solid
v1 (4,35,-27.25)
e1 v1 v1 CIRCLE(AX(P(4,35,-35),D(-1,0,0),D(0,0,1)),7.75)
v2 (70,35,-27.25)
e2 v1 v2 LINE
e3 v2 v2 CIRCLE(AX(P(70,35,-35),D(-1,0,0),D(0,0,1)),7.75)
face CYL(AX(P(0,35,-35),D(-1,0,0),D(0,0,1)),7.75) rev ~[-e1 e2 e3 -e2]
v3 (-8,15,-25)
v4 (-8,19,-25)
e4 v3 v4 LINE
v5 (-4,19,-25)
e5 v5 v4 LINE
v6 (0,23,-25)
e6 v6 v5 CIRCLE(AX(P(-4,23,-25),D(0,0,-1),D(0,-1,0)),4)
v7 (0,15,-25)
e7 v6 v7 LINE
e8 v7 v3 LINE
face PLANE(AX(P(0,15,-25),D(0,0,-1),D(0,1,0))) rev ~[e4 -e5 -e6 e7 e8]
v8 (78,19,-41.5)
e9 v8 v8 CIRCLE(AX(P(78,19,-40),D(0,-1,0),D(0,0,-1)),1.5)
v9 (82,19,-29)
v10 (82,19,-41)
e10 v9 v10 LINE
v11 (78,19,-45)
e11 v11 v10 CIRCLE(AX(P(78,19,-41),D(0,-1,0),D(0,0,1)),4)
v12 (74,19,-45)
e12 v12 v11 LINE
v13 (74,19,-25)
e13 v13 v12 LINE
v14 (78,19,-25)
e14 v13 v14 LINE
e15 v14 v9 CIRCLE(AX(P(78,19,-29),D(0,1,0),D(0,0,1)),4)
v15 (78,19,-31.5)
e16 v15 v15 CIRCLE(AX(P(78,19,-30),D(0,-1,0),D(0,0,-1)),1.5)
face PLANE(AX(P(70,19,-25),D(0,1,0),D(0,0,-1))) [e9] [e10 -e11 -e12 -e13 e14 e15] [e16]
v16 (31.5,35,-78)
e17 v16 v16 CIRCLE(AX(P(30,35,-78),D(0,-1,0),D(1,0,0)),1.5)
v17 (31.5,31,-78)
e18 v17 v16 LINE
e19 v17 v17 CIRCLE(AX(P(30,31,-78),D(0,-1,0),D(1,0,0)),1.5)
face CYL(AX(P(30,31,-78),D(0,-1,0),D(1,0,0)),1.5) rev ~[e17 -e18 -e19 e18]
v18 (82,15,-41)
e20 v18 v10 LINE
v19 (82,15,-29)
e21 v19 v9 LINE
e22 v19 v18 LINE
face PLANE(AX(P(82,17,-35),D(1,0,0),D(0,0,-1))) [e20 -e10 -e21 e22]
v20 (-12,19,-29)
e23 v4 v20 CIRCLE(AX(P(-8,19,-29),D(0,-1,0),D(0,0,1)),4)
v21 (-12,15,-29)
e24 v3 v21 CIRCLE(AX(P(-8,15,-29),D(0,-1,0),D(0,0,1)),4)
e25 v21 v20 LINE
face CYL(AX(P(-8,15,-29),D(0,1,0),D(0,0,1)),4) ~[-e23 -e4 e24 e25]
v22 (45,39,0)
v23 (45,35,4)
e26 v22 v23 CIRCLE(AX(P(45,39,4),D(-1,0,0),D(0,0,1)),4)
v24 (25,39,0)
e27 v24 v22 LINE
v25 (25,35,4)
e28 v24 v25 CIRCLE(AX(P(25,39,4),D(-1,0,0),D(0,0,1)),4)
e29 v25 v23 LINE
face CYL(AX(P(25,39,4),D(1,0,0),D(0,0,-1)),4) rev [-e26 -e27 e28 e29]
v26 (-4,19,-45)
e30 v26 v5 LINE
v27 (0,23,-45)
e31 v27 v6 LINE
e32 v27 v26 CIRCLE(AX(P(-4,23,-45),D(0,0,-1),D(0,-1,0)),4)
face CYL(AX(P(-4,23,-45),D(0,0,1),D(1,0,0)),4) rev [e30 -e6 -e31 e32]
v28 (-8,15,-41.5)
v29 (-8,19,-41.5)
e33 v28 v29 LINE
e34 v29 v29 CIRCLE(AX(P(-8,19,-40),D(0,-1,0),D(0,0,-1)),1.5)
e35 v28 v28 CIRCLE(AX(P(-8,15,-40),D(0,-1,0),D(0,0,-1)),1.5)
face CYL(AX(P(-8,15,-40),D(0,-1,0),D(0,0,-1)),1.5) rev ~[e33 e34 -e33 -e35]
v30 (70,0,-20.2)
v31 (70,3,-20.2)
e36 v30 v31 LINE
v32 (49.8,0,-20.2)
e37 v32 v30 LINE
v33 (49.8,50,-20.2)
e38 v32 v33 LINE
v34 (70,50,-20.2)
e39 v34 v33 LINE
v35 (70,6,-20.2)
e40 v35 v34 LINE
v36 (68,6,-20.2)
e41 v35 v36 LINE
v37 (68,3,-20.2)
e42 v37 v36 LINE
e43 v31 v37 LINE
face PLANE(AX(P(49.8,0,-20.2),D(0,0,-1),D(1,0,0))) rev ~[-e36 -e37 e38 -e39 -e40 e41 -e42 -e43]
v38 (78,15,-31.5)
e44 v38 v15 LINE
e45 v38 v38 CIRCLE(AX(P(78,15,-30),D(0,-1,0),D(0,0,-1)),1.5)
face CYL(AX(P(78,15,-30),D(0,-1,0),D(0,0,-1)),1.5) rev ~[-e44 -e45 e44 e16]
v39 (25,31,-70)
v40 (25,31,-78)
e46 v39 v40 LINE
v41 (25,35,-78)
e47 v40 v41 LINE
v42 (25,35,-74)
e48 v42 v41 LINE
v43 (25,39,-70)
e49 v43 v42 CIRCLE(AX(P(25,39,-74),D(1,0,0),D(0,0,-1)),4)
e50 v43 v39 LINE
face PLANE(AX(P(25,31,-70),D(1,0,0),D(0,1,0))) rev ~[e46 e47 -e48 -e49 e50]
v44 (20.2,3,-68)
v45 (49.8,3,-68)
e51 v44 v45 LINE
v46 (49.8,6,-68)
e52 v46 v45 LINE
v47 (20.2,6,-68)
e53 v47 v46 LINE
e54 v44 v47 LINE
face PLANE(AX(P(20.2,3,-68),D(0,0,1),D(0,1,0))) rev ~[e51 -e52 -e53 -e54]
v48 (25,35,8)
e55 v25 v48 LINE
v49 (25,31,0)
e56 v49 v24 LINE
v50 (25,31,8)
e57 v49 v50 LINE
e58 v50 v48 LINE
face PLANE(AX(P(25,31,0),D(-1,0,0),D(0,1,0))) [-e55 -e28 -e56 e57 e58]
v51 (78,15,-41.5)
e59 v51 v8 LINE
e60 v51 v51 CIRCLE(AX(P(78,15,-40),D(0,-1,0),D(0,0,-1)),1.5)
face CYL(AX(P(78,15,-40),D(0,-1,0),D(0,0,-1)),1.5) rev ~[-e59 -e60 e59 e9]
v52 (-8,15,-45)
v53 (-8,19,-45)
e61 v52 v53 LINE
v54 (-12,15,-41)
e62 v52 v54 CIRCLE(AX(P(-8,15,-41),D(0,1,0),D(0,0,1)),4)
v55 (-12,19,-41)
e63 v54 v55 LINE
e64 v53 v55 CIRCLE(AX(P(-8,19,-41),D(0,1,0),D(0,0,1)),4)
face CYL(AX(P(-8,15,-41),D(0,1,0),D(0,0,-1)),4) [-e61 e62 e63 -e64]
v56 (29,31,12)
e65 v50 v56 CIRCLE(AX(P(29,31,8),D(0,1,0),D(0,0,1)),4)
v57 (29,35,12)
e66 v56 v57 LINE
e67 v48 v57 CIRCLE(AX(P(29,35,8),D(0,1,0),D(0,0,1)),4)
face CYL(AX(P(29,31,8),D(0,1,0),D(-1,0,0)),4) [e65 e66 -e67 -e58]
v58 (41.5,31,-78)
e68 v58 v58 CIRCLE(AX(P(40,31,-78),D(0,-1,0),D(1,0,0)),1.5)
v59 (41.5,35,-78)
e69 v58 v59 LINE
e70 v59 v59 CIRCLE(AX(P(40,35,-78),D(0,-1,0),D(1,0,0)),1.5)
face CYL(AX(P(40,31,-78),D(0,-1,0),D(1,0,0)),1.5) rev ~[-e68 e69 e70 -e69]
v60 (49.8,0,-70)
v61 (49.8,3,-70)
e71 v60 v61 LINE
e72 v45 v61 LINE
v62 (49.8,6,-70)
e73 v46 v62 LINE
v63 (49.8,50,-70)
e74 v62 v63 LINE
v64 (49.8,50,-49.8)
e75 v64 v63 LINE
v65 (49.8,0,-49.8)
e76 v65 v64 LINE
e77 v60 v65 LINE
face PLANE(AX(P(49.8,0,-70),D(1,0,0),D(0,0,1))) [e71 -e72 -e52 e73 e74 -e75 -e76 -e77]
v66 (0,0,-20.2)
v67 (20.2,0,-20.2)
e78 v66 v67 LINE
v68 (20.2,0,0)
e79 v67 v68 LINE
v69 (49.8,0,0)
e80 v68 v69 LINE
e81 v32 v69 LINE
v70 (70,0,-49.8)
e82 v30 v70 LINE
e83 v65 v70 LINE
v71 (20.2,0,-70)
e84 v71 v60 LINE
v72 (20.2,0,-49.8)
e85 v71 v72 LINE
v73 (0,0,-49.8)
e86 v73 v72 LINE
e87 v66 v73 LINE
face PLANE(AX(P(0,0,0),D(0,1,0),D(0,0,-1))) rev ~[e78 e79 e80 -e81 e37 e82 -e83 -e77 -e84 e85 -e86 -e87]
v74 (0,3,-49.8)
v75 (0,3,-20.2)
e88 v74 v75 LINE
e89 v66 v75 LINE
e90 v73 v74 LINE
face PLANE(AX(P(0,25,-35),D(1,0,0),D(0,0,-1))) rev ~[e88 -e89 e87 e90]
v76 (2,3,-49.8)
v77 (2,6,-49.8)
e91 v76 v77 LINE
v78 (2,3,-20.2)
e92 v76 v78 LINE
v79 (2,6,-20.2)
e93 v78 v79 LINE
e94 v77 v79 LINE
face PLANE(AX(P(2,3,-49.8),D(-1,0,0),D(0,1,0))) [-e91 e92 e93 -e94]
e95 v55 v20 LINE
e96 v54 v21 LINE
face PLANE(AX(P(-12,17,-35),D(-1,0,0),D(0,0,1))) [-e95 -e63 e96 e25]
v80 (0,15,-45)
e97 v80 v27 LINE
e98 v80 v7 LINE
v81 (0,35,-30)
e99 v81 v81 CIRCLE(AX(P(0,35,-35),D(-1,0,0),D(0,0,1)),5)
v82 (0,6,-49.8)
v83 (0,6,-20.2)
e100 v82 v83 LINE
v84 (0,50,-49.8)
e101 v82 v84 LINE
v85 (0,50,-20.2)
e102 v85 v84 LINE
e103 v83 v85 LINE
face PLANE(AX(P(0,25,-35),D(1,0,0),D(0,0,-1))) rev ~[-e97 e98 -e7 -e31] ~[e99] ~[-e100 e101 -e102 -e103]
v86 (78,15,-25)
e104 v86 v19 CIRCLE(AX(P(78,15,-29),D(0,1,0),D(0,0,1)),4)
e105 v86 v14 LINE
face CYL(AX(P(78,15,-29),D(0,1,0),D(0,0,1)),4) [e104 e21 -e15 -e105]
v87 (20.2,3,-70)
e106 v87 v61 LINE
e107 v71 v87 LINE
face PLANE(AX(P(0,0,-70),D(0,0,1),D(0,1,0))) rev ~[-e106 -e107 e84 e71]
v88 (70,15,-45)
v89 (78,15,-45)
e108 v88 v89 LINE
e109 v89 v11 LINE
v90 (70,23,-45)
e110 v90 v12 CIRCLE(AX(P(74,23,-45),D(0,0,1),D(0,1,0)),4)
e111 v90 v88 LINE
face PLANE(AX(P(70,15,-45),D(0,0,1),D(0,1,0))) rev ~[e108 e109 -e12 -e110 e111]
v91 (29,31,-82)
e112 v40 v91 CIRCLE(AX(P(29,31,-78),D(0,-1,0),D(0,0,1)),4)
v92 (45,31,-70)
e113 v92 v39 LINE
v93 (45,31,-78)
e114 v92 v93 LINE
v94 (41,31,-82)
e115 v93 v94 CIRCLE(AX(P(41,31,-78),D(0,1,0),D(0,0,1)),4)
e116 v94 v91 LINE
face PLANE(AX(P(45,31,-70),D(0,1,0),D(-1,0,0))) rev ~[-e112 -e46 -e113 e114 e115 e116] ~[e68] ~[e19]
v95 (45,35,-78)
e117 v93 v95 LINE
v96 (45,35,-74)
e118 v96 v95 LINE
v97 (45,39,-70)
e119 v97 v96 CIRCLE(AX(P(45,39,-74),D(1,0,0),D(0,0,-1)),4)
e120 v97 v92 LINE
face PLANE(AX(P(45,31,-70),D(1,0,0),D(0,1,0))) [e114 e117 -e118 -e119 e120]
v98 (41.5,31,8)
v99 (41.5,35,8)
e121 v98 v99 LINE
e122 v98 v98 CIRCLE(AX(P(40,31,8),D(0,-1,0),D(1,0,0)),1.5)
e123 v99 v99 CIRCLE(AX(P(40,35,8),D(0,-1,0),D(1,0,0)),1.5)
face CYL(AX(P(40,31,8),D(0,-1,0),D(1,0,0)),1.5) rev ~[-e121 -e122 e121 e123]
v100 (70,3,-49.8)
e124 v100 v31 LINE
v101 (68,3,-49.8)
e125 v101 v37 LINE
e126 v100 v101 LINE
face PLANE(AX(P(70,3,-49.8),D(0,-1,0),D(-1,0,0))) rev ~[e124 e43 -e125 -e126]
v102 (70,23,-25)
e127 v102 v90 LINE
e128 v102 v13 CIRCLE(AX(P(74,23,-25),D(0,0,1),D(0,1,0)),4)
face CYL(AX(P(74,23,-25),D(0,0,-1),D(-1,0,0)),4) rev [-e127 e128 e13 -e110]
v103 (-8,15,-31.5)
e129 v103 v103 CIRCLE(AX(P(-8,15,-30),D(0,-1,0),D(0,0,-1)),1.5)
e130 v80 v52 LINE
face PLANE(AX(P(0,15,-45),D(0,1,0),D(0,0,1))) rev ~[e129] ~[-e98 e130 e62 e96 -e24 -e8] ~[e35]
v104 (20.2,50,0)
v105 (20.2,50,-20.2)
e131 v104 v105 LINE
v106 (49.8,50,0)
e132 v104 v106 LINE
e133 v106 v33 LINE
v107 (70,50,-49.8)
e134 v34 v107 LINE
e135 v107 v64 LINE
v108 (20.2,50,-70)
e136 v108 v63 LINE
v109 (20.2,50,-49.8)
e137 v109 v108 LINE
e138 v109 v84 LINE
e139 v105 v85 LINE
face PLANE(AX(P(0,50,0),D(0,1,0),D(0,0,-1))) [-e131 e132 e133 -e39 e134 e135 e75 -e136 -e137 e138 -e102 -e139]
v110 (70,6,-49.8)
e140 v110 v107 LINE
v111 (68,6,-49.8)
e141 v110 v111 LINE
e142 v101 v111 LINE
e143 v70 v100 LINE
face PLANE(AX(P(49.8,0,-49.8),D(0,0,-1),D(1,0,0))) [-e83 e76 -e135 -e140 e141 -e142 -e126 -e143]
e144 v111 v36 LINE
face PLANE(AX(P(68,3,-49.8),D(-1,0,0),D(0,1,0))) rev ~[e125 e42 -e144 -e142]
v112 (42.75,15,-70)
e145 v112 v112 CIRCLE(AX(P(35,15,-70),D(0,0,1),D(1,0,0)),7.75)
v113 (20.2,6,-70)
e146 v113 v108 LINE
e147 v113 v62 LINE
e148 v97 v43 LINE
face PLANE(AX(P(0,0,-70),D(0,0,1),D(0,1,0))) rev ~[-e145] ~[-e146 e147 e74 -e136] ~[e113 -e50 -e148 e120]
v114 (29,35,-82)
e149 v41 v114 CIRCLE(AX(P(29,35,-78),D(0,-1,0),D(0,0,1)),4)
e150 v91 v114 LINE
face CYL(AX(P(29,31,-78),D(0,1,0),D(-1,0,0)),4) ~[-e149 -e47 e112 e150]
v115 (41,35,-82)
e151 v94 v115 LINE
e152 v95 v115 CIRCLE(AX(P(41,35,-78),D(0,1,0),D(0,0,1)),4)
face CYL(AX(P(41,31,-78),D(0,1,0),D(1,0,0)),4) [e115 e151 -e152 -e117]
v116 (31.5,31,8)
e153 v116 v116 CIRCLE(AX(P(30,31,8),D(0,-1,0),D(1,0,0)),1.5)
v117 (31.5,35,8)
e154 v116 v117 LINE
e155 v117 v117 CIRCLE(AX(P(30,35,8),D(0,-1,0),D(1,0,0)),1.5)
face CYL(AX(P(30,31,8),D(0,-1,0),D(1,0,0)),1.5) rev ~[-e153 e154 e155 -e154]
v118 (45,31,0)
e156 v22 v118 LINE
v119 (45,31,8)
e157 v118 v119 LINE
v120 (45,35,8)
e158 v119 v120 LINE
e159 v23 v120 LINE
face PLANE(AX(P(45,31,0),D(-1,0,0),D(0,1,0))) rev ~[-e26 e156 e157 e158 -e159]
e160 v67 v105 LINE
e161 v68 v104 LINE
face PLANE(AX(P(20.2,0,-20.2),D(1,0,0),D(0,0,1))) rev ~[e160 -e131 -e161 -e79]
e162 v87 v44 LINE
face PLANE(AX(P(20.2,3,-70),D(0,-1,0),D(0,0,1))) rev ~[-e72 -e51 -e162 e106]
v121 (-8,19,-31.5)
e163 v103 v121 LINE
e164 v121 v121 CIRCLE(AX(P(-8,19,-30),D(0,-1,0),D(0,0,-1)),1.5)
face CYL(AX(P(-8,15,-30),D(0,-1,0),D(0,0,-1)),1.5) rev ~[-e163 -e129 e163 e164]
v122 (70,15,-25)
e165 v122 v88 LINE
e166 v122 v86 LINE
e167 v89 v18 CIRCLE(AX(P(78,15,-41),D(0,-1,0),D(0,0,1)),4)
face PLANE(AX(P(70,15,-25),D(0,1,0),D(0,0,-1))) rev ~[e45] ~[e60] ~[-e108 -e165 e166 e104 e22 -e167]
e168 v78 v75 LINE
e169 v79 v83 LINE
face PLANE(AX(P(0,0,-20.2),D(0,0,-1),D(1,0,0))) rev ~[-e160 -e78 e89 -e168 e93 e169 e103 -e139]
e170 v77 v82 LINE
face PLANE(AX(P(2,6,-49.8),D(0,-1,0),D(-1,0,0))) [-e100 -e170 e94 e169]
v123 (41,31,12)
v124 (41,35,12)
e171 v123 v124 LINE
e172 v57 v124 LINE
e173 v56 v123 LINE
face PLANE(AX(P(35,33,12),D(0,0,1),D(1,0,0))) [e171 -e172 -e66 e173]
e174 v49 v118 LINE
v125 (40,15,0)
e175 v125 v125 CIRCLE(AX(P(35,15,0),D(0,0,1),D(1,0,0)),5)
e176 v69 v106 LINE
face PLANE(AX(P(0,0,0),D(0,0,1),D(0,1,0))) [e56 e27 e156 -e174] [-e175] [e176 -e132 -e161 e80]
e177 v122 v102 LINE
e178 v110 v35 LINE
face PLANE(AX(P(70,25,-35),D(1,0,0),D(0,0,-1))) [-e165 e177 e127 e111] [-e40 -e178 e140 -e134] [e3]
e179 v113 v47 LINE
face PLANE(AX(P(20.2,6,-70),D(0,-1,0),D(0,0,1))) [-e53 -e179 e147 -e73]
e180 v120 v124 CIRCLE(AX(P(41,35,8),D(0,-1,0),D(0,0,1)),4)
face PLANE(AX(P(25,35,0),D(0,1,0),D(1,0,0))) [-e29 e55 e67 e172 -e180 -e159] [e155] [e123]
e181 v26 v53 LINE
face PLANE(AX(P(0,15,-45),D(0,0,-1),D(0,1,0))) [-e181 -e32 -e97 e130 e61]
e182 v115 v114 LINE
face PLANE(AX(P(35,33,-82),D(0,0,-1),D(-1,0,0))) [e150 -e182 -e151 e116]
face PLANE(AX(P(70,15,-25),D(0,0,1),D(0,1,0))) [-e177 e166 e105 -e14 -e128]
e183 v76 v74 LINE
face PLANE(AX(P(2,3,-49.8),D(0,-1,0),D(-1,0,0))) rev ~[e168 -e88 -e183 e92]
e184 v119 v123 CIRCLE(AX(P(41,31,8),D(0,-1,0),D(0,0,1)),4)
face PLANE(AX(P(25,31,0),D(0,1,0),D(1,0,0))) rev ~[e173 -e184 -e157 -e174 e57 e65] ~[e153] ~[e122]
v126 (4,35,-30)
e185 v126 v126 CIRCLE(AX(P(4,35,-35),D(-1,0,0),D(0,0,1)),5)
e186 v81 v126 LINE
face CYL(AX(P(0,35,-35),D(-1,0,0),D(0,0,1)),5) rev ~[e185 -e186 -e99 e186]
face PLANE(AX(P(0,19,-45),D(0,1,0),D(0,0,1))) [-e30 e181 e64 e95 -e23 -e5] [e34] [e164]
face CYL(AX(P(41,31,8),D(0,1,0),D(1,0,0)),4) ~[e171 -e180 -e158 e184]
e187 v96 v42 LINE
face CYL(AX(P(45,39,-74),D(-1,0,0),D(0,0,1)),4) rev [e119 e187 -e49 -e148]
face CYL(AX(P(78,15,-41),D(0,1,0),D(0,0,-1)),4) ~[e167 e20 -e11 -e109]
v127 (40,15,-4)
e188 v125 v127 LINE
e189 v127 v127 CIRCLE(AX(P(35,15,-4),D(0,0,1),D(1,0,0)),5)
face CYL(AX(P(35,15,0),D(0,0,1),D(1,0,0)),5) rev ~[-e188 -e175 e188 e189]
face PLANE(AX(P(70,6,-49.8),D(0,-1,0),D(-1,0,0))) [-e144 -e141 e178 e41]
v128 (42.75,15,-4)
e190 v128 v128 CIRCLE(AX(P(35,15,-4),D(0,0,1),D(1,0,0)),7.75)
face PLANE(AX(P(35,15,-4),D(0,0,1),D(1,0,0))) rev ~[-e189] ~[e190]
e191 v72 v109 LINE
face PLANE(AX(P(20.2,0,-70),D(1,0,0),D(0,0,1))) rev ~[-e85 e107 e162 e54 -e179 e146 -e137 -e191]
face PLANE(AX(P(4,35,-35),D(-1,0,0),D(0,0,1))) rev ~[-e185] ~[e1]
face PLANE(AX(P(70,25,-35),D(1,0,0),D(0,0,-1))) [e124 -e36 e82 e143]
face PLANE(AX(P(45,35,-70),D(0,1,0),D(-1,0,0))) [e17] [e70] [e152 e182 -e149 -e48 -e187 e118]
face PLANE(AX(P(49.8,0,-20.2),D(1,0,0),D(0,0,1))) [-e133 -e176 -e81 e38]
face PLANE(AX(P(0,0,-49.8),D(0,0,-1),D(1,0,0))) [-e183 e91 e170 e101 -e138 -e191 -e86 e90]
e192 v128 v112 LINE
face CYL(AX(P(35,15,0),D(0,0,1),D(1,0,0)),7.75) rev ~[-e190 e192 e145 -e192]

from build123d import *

# Parameters (mm, degrees)
ESQUISSE1_W              = 70
ESQUISSE1_H              = 50
BOSS_EXTRU_1_DEPTH       = 70
ESQUISSE2_R              = 7.75
ENL_V_MAT_EXTRU_1_DEPTH  = 71
ESQUISSE3_R              = 7.75
ENL_V_MAT_EXTRU_2_DEPTH  = 71
ESQUISSE4_W              = 20.2
ESQUISSE4_H              = 20.2
ENL_V_MAT_EXTRU_3_DEPTH  = 51
ESQUISSE7_R              = 11.73674641
ESQUISSE7_R_2            = 5
BOSS_EXTRU_3_DEPTH       = 4
ESQUISSE8_R              = 12.196693844
ESQUISSE8_R_2            = 5
BOSS_EXTRU_4_DEPTH       = 4
ESQUISSE9_W              = 2
ESQUISSE9_H              = 3
ENL_V_MAT_EXTRU_4_DEPTH  = 50.8
ESQUISSE10_W             = 2
ESQUISSE10_H             = 3
ENL_V_MAT_EXTRU_5_DEPTH  = 50.8
ESQUISSE11_W             = 2
ESQUISSE11_H             = 3
ENL_V_MAT_EXTRU_6_DEPTH  = 50.8
ESQUISSE12_W             = 20
ESQUISSE12_H             = 4
BOSS_EXTRU_5_DEPTH       = 12
ESQUISSE13_R             = 1.5
ENL_V_MAT_EXTRU_7_DEPTH  = 36
CONG_1_R                 = 4
ESQUISSE14_W             = 20
ESQUISSE14_H             = 4
BOSS_EXTRU_6_DEPTH       = 12
ESQUISSE15_R             = 1.5
ENL_V_MAT_EXTRU_8_DEPTH  = 36
CONG_3_R                 = 4
ESQUISSE16_W             = 20
ESQUISSE16_H             = 4
BOSS_EXTRU_7_DEPTH       = 12
ESQUISSE17_R             = 1.5
ENL_V_MAT_EXTRU_9_DEPTH  = 20
CONG_4_R                 = 4
ESQUISSE18_W             = 20
ESQUISSE18_H             = 4
BOSS_EXTRU_8_DEPTH       = 12
ESQUISSE19_R             = 1.5
ENL_V_MAT_EXTRU_10_DEPTH = 20
CONG_5_R                 = 4
CONG_6_R                 = 4


with BuildPart() as part:
    # Esquisse1 → Boss.-Extru.1 (new body)
    with BuildSketch(Plane(origin=(0, 0, 0), x_dir=(0, 0, -1), z_dir=(1, 0, 0))):
        with Locations((35, 25)):
            Rectangle(ESQUISSE1_W, ESQUISSE1_H)
    extrude(amount=BOSS_EXTRU_1_DEPTH)

    # Esquisse2 → Enlèv. mat.-Extru.1 (cut, through all)
    with BuildSketch(Plane.XY):
        with Locations((35, 15)):
            Circle(ESQUISSE2_R)
    extrude(amount=-ENL_V_MAT_EXTRU_1_DEPTH, mode=Mode.SUBTRACT)

    # Esquisse3 → Enlèv. mat.-Extru.2 (cut, through all)
    with BuildSketch(Plane.ZY):
        with Locations((-35, 35)):
            Circle(ESQUISSE3_R)
    extrude(amount=-ENL_V_MAT_EXTRU_2_DEPTH, mode=Mode.SUBTRACT)

    # Esquisse4 → Enlèv. mat.-Extru.3 (cut, through all)
    with BuildSketch(Plane.XZ):
        with Locations((10.1, -59.9)):
            Rectangle(ESQUISSE4_W, ESQUISSE4_H)
        with Locations((10.1, -10.1)):
            Rectangle(ESQUISSE4_W, ESQUISSE4_H)
        with Locations((59.9, -10.1)):
            Rectangle(ESQUISSE4_W, ESQUISSE4_H)
        with Locations((59.9, -59.9)):
            Rectangle(ESQUISSE4_W, ESQUISSE4_H)
    extrude(amount=-ENL_V_MAT_EXTRU_3_DEPTH, mode=Mode.SUBTRACT)

    # Esquisse7 → Boss.-Extru.3 (add)
    with BuildSketch(Plane.XY):
        with Locations((35, 15)):
            Circle(ESQUISSE7_R)
        with Locations((35, 15)):
            Circle(ESQUISSE7_R_2, mode=Mode.SUBTRACT)
    extrude(amount=-BOSS_EXTRU_3_DEPTH)

    # Esquisse8 → Boss.-Extru.4 (add)
    with BuildSketch(Plane.ZY):
        with Locations((-35, 35)):
            Circle(ESQUISSE8_R)
        with Locations((-35, 35)):
            Circle(ESQUISSE8_R_2, mode=Mode.SUBTRACT)
    extrude(amount=-BOSS_EXTRU_4_DEPTH)

    # Esquisse9 → Enlèv. mat.-Extru.4 (cut, through all)
    with BuildSketch(Plane.ZY.offset(-20.2)):
        with Locations((-69, 4.5)):
            Rectangle(ESQUISSE9_W, ESQUISSE9_H)
    extrude(amount=-ENL_V_MAT_EXTRU_4_DEPTH, mode=Mode.SUBTRACT)

    # Esquisse10 → Enlèv. mat.-Extru.5 (cut, through all)
    with BuildSketch(Plane(origin=(0, 0, -49.8), x_dir=(-1, 0, 0), z_dir=(0, 0, -1))):
        with Locations((-1, 4.5)):
            Rectangle(ESQUISSE10_W, ESQUISSE10_H)
    extrude(amount=-ENL_V_MAT_EXTRU_5_DEPTH, mode=Mode.SUBTRACT)

    # Esquisse11 → Enlèv. mat.-Extru.6 (cut, through all)
    with BuildSketch(Plane(origin=(0, 0, -49.8), x_dir=(-1, 0, 0), z_dir=(0, 0, -1))):
        with Locations((-69, 4.5)):
            Rectangle(ESQUISSE11_W, ESQUISSE11_H)
    extrude(amount=-ENL_V_MAT_EXTRU_6_DEPTH, mode=Mode.SUBTRACT)

    # Esquisse12 → Boss.-Extru.5 (add)
    with BuildSketch(Plane.ZY):
        with Locations((-35, 17)):
            Rectangle(ESQUISSE12_W, ESQUISSE12_H)
    extrude(amount=BOSS_EXTRU_5_DEPTH)

    # Esquisse13 → Enlèv. mat.-Extru.7 (cut, through all)
    with BuildSketch(Plane.XZ.offset(-15)):
        with Locations(Location((-8, -30, 0), (0, 0, 270))):  # turned: the seam where the file's is
            Circle(ESQUISSE13_R)
        with Locations(Location((-8, -40, 0), (0, 0, 270))):  # turned: the seam where the file's is
            Circle(ESQUISSE13_R)
    extrude(amount=-ENL_V_MAT_EXTRU_7_DEPTH, mode=Mode.SUBTRACT)

    # Congé1
    cong_1_edges = [part.edges().sort_by_distance(p)[0] for p in [
        (-12, 17, -25),
        (-12, 17, -45),
    ]]
    fillet(cong_1_edges, radius=CONG_1_R)

    # Esquisse14 → Boss.-Extru.6 (add)
    with BuildSketch(Plane(origin=(70, 0, 0), x_dir=(0, 0, -1), z_dir=(1, 0, 0))):
        with Locations((35, 17)):
            Rectangle(ESQUISSE14_W, ESQUISSE14_H)
    extrude(amount=BOSS_EXTRU_6_DEPTH)

    # Esquisse15 → Enlèv. mat.-Extru.8 (cut, through all)
    with BuildSketch(Plane.XZ.offset(-15)):
        with Locations(Location((78, -40, 0), (0, 0, 270))):  # turned: the seam where the file's is
            Circle(ESQUISSE15_R)
        with Locations(Location((78, -30, 0), (0, 0, 270))):  # turned: the seam where the file's is
            Circle(ESQUISSE15_R)
    extrude(amount=-ENL_V_MAT_EXTRU_8_DEPTH, mode=Mode.SUBTRACT)

    # Congé3
    cong_3_edges = [part.edges().sort_by_distance(p)[0] for p in [
        (82, 17, -45),
        (82, 17, -25),
    ]]
    fillet(cong_3_edges, radius=CONG_3_R)

    # Esquisse16 → Boss.-Extru.7 (add)
    with BuildSketch(Plane.XY):
        with Locations((35, 33)):
            Rectangle(ESQUISSE16_W, ESQUISSE16_H)
    extrude(amount=BOSS_EXTRU_7_DEPTH)

    # Esquisse17 → Enlèv. mat.-Extru.9 (cut, through all)
    with BuildSketch(Plane.XZ.offset(-31)):
        with Locations((40, 8)):
            Circle(ESQUISSE17_R)
        with Locations((30, 8)):
            Circle(ESQUISSE17_R)
    extrude(amount=-ENL_V_MAT_EXTRU_9_DEPTH, mode=Mode.SUBTRACT)

    # Congé4
    cong_4_edges = [part.edges().sort_by_distance(p)[0] for p in [
        (45, 33, 12),
        (25, 33, 12),
    ]]
    fillet(cong_4_edges, radius=CONG_4_R)

    # Esquisse18 → Boss.-Extru.8 (add)
    with BuildSketch(Plane(origin=(0, 0, -70), x_dir=(-1, 0, 0), z_dir=(0, 0, -1))):
        with Locations((-35, 33)):
            Rectangle(ESQUISSE18_W, ESQUISSE18_H)
    extrude(amount=BOSS_EXTRU_8_DEPTH)

    # Esquisse19 → Enlèv. mat.-Extru.10 (cut, through all)
    with BuildSketch(Plane.XZ.offset(-31)):
        with Locations((30, -78)):
            Circle(ESQUISSE19_R)
        with Locations((40, -78)):
            Circle(ESQUISSE19_R)
    extrude(amount=-ENL_V_MAT_EXTRU_10_DEPTH, mode=Mode.SUBTRACT)

    # Congé5
    cong_5_edges = [part.edges().sort_by_distance(p)[0] for p in [
        (25, 33, -82),
        (45, 33, -82),
    ]]
    fillet(cong_5_edges, radius=CONG_5_R)

    # Congé6
    cong_6_edges = [part.edges().sort_by_distance(p)[0] for p in [
        (0, 19, -35),
        (70, 19, -35),
        (35, 35, 0),
        (35, 35, -70),
    ]]
    fillet(cong_6_edges, radius=CONG_6_R)


solid = part.part
